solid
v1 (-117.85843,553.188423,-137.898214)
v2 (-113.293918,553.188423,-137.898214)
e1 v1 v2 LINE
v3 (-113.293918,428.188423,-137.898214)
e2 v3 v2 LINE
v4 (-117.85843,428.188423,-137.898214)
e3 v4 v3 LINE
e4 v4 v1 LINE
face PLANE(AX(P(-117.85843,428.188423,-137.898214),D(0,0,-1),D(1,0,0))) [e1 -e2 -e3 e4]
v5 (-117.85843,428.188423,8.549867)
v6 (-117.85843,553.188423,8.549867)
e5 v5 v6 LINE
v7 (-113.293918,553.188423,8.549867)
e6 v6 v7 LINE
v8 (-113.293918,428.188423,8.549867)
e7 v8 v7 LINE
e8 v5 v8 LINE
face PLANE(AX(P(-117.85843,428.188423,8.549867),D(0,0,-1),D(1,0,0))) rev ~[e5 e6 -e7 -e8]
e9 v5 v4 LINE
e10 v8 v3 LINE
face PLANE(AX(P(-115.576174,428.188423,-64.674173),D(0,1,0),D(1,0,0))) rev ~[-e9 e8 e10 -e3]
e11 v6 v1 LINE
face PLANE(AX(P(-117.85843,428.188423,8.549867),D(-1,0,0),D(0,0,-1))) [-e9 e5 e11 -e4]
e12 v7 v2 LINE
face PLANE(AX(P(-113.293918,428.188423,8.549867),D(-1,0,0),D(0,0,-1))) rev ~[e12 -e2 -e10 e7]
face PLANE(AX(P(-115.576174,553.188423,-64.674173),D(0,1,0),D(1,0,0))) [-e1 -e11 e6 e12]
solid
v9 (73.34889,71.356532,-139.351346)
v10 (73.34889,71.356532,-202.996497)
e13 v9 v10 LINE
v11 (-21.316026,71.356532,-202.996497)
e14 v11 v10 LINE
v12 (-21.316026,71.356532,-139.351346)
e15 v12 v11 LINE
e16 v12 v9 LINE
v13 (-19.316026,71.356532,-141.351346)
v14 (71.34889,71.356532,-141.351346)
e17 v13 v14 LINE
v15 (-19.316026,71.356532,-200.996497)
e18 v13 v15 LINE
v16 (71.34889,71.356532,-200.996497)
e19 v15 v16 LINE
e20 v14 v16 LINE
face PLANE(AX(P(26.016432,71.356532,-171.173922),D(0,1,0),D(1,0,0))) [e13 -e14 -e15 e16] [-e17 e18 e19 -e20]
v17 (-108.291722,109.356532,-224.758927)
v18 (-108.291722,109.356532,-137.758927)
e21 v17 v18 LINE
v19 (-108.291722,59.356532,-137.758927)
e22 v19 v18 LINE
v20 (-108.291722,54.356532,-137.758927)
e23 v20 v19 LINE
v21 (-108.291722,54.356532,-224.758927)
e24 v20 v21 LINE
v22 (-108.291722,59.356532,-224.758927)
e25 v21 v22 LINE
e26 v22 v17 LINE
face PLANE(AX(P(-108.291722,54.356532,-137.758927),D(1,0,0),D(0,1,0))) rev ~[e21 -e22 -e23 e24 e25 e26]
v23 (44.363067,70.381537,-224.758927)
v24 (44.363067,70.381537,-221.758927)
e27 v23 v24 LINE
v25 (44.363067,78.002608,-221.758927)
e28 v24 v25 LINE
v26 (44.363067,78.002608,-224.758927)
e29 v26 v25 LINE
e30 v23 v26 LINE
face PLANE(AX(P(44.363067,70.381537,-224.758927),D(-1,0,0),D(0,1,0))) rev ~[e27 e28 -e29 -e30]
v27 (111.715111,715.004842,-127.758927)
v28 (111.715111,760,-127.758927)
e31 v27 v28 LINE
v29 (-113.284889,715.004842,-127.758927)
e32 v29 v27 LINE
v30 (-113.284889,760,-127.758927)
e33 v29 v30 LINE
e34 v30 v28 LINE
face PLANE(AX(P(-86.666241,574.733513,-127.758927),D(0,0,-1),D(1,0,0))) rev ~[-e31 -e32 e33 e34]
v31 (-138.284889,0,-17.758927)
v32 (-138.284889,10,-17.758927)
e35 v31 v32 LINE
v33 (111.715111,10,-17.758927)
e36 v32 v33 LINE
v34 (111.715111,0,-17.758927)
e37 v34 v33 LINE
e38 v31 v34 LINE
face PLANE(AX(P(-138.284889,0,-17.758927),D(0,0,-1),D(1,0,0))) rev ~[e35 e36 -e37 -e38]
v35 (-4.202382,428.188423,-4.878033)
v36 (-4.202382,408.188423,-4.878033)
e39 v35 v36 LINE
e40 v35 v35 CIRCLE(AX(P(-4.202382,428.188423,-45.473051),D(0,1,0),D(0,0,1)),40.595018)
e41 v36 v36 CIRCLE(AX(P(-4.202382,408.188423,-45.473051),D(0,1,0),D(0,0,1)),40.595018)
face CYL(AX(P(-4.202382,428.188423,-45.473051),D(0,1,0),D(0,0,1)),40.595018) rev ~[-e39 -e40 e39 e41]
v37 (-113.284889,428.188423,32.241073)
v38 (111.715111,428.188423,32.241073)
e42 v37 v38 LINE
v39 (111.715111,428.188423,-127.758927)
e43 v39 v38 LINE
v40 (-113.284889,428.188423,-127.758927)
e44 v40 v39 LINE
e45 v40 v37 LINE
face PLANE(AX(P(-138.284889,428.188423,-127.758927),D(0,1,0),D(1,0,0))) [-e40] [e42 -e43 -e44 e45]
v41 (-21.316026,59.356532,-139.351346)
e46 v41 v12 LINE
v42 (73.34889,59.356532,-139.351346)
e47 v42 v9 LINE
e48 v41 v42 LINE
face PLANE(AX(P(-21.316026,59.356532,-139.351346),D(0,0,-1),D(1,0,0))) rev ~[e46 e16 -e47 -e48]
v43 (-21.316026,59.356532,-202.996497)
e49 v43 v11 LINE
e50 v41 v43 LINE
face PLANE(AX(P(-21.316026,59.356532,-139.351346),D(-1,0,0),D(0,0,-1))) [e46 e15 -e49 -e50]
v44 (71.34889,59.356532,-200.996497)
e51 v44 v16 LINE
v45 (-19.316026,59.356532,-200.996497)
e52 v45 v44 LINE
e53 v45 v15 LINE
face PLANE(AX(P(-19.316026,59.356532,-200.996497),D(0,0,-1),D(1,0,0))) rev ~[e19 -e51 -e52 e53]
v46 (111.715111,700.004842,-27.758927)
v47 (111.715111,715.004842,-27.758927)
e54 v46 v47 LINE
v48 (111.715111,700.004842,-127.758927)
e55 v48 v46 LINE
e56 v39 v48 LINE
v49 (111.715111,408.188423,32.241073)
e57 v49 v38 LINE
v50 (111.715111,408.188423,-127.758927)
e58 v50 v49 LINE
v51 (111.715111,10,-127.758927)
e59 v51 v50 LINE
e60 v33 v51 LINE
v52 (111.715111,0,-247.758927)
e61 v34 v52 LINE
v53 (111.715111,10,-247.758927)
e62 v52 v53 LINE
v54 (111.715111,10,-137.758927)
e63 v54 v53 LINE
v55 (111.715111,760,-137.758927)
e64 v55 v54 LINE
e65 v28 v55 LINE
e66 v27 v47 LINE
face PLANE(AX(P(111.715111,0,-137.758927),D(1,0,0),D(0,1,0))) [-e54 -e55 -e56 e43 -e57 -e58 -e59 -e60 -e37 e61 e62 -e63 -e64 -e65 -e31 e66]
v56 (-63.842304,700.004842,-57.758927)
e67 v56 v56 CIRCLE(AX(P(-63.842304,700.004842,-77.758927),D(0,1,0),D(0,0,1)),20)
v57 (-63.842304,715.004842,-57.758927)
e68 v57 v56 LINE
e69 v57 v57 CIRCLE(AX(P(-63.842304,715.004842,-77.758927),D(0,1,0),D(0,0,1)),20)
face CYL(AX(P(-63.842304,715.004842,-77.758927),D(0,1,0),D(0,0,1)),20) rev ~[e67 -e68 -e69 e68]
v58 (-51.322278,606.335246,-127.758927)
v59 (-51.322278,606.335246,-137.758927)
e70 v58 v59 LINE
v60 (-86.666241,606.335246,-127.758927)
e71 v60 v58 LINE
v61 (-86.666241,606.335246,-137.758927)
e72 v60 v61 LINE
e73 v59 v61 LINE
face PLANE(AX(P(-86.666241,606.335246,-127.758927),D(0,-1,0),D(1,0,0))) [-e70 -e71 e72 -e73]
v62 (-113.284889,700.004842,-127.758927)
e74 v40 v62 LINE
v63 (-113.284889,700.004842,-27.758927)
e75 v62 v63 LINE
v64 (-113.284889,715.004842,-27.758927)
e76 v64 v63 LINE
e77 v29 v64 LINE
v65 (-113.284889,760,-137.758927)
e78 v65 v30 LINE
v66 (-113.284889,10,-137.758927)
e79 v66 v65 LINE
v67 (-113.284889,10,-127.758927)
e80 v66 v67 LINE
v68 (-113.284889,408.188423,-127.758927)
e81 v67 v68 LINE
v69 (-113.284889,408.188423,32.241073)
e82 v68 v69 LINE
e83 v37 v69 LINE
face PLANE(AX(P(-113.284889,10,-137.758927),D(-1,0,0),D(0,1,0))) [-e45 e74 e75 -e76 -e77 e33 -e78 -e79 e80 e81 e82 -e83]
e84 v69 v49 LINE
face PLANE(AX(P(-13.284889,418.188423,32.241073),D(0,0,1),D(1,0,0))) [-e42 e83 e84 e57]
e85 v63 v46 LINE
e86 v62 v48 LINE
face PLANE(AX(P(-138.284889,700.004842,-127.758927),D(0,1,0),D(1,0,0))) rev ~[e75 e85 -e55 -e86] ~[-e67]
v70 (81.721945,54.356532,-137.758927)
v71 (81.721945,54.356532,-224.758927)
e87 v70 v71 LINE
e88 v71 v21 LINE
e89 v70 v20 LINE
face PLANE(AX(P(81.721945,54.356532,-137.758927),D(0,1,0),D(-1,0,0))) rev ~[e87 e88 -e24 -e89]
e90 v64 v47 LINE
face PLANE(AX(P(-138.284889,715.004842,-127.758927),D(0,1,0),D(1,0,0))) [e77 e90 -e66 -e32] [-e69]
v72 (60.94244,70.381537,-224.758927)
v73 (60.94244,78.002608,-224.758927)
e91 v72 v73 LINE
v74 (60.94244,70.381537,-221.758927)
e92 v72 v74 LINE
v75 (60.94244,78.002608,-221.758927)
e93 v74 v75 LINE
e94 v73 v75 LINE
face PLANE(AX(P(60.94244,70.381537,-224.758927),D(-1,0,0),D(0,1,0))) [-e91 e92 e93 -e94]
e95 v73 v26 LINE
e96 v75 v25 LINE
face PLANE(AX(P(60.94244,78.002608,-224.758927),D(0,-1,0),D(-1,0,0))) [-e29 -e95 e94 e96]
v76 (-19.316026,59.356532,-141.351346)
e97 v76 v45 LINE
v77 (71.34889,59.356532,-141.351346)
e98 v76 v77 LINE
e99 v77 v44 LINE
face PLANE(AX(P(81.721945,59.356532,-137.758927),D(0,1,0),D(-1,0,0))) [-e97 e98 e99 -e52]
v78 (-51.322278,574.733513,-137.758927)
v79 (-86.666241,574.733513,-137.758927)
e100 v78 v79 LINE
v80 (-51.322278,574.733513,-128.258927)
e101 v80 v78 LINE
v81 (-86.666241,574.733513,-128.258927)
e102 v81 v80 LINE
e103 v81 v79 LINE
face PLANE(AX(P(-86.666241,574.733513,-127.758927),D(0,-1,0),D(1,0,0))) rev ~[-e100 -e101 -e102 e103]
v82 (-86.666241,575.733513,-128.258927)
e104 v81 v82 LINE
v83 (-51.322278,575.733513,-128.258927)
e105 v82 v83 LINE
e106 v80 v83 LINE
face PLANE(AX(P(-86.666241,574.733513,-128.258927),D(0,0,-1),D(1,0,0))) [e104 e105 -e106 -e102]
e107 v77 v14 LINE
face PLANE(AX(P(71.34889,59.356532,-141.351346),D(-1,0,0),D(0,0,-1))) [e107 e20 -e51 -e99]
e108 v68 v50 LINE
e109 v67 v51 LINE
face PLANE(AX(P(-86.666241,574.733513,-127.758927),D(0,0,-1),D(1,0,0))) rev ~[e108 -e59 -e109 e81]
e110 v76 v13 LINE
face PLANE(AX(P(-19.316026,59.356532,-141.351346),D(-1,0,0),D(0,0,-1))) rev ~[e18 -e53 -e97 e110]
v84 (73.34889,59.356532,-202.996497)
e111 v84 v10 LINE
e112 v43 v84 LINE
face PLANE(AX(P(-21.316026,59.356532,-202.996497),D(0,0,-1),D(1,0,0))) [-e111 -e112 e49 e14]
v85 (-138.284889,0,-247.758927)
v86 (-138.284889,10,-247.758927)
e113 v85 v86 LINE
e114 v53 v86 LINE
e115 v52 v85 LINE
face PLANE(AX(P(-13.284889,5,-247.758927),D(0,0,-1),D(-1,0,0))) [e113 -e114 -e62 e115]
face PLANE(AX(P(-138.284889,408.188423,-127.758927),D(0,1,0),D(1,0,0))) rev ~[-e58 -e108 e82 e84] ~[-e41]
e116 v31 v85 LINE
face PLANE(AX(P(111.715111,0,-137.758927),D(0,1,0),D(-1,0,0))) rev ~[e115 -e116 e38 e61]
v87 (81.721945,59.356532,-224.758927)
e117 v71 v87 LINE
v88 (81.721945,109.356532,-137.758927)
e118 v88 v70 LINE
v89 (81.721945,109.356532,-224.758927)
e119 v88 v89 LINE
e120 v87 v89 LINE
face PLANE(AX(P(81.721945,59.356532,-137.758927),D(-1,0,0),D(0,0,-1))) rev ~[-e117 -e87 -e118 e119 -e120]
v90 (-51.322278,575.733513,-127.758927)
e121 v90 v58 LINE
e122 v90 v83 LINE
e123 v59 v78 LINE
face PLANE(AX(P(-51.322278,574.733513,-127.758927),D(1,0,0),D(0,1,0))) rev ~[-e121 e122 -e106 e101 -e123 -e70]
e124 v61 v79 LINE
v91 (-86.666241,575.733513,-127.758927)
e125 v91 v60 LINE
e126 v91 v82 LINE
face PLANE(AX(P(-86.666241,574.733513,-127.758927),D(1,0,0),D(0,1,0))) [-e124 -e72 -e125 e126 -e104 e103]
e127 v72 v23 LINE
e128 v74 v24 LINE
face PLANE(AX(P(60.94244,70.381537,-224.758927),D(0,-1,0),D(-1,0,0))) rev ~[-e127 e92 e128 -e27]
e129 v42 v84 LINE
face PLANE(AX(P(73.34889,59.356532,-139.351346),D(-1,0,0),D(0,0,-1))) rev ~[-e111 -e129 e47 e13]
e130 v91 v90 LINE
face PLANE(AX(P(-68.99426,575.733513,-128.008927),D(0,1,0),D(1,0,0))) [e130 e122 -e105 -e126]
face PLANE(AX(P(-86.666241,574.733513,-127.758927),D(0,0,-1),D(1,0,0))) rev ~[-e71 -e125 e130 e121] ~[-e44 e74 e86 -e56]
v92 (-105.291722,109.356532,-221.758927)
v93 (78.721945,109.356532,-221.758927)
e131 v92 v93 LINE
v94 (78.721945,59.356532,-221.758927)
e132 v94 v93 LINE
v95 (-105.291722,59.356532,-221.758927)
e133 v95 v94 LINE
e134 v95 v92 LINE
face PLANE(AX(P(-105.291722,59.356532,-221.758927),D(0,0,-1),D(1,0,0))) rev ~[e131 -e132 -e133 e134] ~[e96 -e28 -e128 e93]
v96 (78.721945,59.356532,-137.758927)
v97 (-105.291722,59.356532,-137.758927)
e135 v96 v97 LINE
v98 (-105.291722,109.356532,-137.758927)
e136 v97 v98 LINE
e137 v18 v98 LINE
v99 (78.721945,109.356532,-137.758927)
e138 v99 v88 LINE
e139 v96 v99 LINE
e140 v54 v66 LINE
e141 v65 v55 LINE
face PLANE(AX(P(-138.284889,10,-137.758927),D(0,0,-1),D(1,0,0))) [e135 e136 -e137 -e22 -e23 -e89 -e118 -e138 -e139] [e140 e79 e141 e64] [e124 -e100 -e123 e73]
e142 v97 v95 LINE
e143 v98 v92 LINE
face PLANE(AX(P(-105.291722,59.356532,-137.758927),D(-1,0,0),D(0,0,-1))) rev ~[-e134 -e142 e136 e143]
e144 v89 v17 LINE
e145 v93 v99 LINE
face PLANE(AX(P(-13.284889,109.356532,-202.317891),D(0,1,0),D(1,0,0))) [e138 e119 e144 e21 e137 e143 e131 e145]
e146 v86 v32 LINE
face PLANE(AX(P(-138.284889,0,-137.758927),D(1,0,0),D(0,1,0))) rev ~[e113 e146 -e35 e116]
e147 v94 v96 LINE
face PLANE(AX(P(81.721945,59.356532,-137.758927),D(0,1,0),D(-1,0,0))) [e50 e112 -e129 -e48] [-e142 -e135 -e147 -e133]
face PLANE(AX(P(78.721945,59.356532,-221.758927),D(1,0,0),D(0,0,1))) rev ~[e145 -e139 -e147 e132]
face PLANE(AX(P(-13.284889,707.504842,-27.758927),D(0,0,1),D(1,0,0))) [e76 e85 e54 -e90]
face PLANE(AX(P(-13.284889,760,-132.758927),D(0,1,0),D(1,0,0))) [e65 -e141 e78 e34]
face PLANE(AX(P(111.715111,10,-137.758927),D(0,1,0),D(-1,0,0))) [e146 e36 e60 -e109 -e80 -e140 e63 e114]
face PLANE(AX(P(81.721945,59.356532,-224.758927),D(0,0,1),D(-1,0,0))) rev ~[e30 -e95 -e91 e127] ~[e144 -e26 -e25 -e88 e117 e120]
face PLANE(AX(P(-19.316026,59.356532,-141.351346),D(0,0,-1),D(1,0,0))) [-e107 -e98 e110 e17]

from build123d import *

# Parameters (mm, degrees)
CROQUIS1_W               = 250
CROQUIS1_H               = 120
SALIENTE_EXTRUIR1_DEPTH  = 10
CROQUIS2_W               = 250
CROQUIS2_H               = 10
SALIENTE_EXTRUIR2_DEPTH  = 750
CROQUIS3_W               = 190.013667147
CROQUIS3_H               = 5
SALIENTE_EXTRUIR3_DEPTH  = 87
CROQUIS4_W               = 94.664916229
CROQUIS4_H               = 63.645151041
CROQUIS4_W_2             = 90.664916229
CROQUIS4_H_2             = 59.645151041
SALIENTE_EXTRUIR4_DEPTH  = 12
SALIENTE_EXTRUIR5_DEPTH  = 50
CROQUIS6_W               = 16.579373852
CROQUIS6_H               = 7.621070837
CORTAR_EXTRUIR1_DEPTH    = 12
CROQUIS7_W               = 35.343962836
CROQUIS7_H               = 31.601732656
CORTAR_EXTRUIR2_DEPTH    = 12
CROQUIS8_W               = 35.343962836
CROQUIS8_H               = 0.5
SALIENTE_EXTRUIR6_DEPTH  = 1
CROQUIS9_W               = 17.06802825
CROQUIS9_H               = 0.5
SALIENTE_EXTRUIR7_DEPTH  = 1
CROQUIS10_W              = 250
CROQUIS10_H              = 10
SALIENTE_EXTRUIR8_DEPTH  = 110
CROQUIS11_W              = 250
CROQUIS11_H              = 15
SALIENTE_EXTRUIR9_DEPTH  = 100
CROQUIS12_R              = 20
CORTAR_EXTRUIR3_DEPTH    = 100
CROQUIS13_W              = 250
CROQUIS13_H              = 20
SALIENTE_EXTRUIR10_DEPTH = 160
CROQUIS14_R              = 40.595017514
CORTAR_EXTRUIR4_DEPTH    = 160
CROQUIS15_W              = 25
CROQUIS15_H              = 750
CORTAR_EXTRUIR5_DEPTH    = 791.963153623
CROQUIS16_W              = 4.56451145
CROQUIS16_H              = 146.448080862
SALIENTE_EXTRUIR11_DEPTH = 125


with BuildPart() as part:
    # Croquis1 → Saliente-Extruir1 (new body)
    with BuildSketch(Plane(origin=(0, 0, 0), x_dir=(1, 0, 0), z_dir=(0, 1, 0))):
        with Locations((-13.284888509, 77.758926711)):
            Rectangle(CROQUIS1_W, CROQUIS1_H)
    extrude(amount=SALIENTE_EXTRUIR1_DEPTH)

    # Croquis2 → Saliente-Extruir2 (add)
    with BuildSketch(Plane(origin=(0, 10, 0), x_dir=(1, 0, 0), z_dir=(0, 1, 0))):
        with Locations((-13.284888509, 132.758926711)):
            Rectangle(CROQUIS2_W, CROQUIS2_H)
    extrude(amount=SALIENTE_EXTRUIR2_DEPTH)

    # Croquis3 → Saliente-Extruir3 (add)
    with BuildSketch(Plane(origin=(0, 0, -137.758926711), x_dir=(-1, 0, 0), z_dir=(0, 0, -1))):
        with Locations((13.284888509, 56.856532068)):
            Rectangle(CROQUIS3_W, CROQUIS3_H)
    extrude(amount=SALIENTE_EXTRUIR3_DEPTH)

    # Croquis4 → Saliente-Extruir4 (add)
    with BuildSketch(Plane(origin=(0, 59.356532068, 0), x_dir=(1, 0, 0), z_dir=(0, 1, 0))):
        with Locations((26.01643171, 171.173921802)):
            Rectangle(CROQUIS4_W, CROQUIS4_H)
        with Locations((26.01643171, 171.173921802)):
            Rectangle(CROQUIS4_W_2, CROQUIS4_H_2, mode=Mode.SUBTRACT)
    extrude(amount=SALIENTE_EXTRUIR4_DEPTH)

    # Croquis5 → Saliente-Extruir5 (add)
    with BuildSketch(Plane(origin=(0, 59.356532068, 0), x_dir=(1, 0, 0), z_dir=(0, 1, 0))):
        Polygon((78.721945065, 137.758926711), (81.721945065, 137.758926711), (81.721945065, 224.758926711), (-108.291722082, 224.758926711), (-108.291722082, 137.758926711), (-105.291722082, 137.758926711), (-105.291722082, 141.512872832), (-105.291722082, 221.758926711), (78.721945065, 221.758926711), (78.721945065, 141.512872832), align=None)
    extrude(amount=SALIENTE_EXTRUIR5_DEPTH)

    # Croquis6 → Cortar-Extruir1 (cut)
    with BuildSketch(Plane(origin=(0, 0, -224.758926711), x_dir=(-1, 0, 0), z_dir=(0, 0, -1))):
        with Locations((-52.652753503, 74.192072615)):
            Rectangle(CROQUIS6_W, CROQUIS6_H)
    extrude(amount=-CORTAR_EXTRUIR1_DEPTH, mode=Mode.SUBTRACT)

    # Croquis7 → Cortar-Extruir2 (cut)
    with BuildSketch(Plane.XY.offset(-127.758926711)):
        with Locations((-68.994259572, 590.534379378)):
            Rectangle(CROQUIS7_W, CROQUIS7_H)
    extrude(amount=-CORTAR_EXTRUIR2_DEPTH, mode=Mode.SUBTRACT)

    # Croquis8 → Saliente-Extruir6 (add)
    with BuildSketch(Plane(origin=(0, 574.73351305, 0), x_dir=(1, 0, 0), z_dir=(0, 1, 0))):
        with Locations((-68.994259572, 128.008926711)):
            Rectangle(CROQUIS8_W, CROQUIS8_H)
    extrude(amount=SALIENTE_EXTRUIR6_DEPTH)

    # Croquis9 → Saliente-Extruir7 (add)
    with BuildSketch(Plane.XZ.offset(-606.335245706)):
        with Locations((-42.788264029, -128.008926711)):
            Rectangle(CROQUIS9_W, CROQUIS9_H)
    extrude(amount=SALIENTE_EXTRUIR7_DEPTH)

    # Croquis10 → Saliente-Extruir8 (add)
    with BuildSketch(Plane(origin=(0, 0, -137.758926711), x_dir=(-1, 0, 0), z_dir=(0, 0, -1))):
        with Locations((13.284888509, 5)):
            Rectangle(CROQUIS10_W, CROQUIS10_H)
    extrude(amount=SALIENTE_EXTRUIR8_DEPTH)

    # Croquis11 → Saliente-Extruir9 (add)
    with BuildSketch(Plane.XY.offset(-127.758926711)):
        with Locations((-13.284888509, 707.504842282)):
            Rectangle(CROQUIS11_W, CROQUIS11_H)
    extrude(amount=SALIENTE_EXTRUIR9_DEPTH)

    # Croquis12 → Cortar-Extruir3 (cut)
    with BuildSketch(Plane(origin=(0, 715.004842282, 0), x_dir=(1, 0, 0), z_dir=(0, 1, 0))):
        with Locations(Location((-63.842303926, 77.758926711, 0), (0, 0, 270))):
            Circle(CROQUIS12_R)
    extrude(amount=-CORTAR_EXTRUIR3_DEPTH, mode=Mode.SUBTRACT)

    # Croquis13 → Saliente-Extruir10 (add)
    with BuildSketch(Plane.XY.offset(-127.758926711)):
        with Locations((-13.284888509, 418.188422717)):
            Rectangle(CROQUIS13_W, CROQUIS13_H)
    extrude(amount=SALIENTE_EXTRUIR10_DEPTH)

    # Croquis14 → Cortar-Extruir4 (cut)
    with BuildSketch(Plane(origin=(0, 428.188422717, 0), x_dir=(1, 0, 0), z_dir=(0, 1, 0))):
        with Locations(Location((-4.202382173, 45.473050992, 0), (0, 0, 270))):
            Circle(CROQUIS14_R)
    extrude(amount=-CORTAR_EXTRUIR4_DEPTH, mode=Mode.SUBTRACT)

    # Croquis15 → Cortar-Extruir5 (cut, through all)
    with BuildSketch(Plane(origin=(0, 0, -137.758926711), x_dir=(-1, 0, 0), z_dir=(0, 0, -1))):
        with Locations((125.784888509, 385)):
            Rectangle(CROQUIS15_W, CROQUIS15_H)
    extrude(amount=-CORTAR_EXTRUIR5_DEPTH, mode=Mode.SUBTRACT)


with BuildPart() as body_2:
    # Croquis16 → Saliente-Extruir11 (new body)
    with BuildSketch(Plane(origin=(0, 428.188422717, 0), x_dir=(1, 0, 0), z_dir=(0, 1, 0))):
        with Locations((-115.576174025, 64.674173371)):
            Rectangle(CROQUIS16_W, CROQUIS16_H)
    extrude(amount=SALIENTE_EXTRUIR11_DEPTH)


solid = Compound([part.part, body_2.part])
